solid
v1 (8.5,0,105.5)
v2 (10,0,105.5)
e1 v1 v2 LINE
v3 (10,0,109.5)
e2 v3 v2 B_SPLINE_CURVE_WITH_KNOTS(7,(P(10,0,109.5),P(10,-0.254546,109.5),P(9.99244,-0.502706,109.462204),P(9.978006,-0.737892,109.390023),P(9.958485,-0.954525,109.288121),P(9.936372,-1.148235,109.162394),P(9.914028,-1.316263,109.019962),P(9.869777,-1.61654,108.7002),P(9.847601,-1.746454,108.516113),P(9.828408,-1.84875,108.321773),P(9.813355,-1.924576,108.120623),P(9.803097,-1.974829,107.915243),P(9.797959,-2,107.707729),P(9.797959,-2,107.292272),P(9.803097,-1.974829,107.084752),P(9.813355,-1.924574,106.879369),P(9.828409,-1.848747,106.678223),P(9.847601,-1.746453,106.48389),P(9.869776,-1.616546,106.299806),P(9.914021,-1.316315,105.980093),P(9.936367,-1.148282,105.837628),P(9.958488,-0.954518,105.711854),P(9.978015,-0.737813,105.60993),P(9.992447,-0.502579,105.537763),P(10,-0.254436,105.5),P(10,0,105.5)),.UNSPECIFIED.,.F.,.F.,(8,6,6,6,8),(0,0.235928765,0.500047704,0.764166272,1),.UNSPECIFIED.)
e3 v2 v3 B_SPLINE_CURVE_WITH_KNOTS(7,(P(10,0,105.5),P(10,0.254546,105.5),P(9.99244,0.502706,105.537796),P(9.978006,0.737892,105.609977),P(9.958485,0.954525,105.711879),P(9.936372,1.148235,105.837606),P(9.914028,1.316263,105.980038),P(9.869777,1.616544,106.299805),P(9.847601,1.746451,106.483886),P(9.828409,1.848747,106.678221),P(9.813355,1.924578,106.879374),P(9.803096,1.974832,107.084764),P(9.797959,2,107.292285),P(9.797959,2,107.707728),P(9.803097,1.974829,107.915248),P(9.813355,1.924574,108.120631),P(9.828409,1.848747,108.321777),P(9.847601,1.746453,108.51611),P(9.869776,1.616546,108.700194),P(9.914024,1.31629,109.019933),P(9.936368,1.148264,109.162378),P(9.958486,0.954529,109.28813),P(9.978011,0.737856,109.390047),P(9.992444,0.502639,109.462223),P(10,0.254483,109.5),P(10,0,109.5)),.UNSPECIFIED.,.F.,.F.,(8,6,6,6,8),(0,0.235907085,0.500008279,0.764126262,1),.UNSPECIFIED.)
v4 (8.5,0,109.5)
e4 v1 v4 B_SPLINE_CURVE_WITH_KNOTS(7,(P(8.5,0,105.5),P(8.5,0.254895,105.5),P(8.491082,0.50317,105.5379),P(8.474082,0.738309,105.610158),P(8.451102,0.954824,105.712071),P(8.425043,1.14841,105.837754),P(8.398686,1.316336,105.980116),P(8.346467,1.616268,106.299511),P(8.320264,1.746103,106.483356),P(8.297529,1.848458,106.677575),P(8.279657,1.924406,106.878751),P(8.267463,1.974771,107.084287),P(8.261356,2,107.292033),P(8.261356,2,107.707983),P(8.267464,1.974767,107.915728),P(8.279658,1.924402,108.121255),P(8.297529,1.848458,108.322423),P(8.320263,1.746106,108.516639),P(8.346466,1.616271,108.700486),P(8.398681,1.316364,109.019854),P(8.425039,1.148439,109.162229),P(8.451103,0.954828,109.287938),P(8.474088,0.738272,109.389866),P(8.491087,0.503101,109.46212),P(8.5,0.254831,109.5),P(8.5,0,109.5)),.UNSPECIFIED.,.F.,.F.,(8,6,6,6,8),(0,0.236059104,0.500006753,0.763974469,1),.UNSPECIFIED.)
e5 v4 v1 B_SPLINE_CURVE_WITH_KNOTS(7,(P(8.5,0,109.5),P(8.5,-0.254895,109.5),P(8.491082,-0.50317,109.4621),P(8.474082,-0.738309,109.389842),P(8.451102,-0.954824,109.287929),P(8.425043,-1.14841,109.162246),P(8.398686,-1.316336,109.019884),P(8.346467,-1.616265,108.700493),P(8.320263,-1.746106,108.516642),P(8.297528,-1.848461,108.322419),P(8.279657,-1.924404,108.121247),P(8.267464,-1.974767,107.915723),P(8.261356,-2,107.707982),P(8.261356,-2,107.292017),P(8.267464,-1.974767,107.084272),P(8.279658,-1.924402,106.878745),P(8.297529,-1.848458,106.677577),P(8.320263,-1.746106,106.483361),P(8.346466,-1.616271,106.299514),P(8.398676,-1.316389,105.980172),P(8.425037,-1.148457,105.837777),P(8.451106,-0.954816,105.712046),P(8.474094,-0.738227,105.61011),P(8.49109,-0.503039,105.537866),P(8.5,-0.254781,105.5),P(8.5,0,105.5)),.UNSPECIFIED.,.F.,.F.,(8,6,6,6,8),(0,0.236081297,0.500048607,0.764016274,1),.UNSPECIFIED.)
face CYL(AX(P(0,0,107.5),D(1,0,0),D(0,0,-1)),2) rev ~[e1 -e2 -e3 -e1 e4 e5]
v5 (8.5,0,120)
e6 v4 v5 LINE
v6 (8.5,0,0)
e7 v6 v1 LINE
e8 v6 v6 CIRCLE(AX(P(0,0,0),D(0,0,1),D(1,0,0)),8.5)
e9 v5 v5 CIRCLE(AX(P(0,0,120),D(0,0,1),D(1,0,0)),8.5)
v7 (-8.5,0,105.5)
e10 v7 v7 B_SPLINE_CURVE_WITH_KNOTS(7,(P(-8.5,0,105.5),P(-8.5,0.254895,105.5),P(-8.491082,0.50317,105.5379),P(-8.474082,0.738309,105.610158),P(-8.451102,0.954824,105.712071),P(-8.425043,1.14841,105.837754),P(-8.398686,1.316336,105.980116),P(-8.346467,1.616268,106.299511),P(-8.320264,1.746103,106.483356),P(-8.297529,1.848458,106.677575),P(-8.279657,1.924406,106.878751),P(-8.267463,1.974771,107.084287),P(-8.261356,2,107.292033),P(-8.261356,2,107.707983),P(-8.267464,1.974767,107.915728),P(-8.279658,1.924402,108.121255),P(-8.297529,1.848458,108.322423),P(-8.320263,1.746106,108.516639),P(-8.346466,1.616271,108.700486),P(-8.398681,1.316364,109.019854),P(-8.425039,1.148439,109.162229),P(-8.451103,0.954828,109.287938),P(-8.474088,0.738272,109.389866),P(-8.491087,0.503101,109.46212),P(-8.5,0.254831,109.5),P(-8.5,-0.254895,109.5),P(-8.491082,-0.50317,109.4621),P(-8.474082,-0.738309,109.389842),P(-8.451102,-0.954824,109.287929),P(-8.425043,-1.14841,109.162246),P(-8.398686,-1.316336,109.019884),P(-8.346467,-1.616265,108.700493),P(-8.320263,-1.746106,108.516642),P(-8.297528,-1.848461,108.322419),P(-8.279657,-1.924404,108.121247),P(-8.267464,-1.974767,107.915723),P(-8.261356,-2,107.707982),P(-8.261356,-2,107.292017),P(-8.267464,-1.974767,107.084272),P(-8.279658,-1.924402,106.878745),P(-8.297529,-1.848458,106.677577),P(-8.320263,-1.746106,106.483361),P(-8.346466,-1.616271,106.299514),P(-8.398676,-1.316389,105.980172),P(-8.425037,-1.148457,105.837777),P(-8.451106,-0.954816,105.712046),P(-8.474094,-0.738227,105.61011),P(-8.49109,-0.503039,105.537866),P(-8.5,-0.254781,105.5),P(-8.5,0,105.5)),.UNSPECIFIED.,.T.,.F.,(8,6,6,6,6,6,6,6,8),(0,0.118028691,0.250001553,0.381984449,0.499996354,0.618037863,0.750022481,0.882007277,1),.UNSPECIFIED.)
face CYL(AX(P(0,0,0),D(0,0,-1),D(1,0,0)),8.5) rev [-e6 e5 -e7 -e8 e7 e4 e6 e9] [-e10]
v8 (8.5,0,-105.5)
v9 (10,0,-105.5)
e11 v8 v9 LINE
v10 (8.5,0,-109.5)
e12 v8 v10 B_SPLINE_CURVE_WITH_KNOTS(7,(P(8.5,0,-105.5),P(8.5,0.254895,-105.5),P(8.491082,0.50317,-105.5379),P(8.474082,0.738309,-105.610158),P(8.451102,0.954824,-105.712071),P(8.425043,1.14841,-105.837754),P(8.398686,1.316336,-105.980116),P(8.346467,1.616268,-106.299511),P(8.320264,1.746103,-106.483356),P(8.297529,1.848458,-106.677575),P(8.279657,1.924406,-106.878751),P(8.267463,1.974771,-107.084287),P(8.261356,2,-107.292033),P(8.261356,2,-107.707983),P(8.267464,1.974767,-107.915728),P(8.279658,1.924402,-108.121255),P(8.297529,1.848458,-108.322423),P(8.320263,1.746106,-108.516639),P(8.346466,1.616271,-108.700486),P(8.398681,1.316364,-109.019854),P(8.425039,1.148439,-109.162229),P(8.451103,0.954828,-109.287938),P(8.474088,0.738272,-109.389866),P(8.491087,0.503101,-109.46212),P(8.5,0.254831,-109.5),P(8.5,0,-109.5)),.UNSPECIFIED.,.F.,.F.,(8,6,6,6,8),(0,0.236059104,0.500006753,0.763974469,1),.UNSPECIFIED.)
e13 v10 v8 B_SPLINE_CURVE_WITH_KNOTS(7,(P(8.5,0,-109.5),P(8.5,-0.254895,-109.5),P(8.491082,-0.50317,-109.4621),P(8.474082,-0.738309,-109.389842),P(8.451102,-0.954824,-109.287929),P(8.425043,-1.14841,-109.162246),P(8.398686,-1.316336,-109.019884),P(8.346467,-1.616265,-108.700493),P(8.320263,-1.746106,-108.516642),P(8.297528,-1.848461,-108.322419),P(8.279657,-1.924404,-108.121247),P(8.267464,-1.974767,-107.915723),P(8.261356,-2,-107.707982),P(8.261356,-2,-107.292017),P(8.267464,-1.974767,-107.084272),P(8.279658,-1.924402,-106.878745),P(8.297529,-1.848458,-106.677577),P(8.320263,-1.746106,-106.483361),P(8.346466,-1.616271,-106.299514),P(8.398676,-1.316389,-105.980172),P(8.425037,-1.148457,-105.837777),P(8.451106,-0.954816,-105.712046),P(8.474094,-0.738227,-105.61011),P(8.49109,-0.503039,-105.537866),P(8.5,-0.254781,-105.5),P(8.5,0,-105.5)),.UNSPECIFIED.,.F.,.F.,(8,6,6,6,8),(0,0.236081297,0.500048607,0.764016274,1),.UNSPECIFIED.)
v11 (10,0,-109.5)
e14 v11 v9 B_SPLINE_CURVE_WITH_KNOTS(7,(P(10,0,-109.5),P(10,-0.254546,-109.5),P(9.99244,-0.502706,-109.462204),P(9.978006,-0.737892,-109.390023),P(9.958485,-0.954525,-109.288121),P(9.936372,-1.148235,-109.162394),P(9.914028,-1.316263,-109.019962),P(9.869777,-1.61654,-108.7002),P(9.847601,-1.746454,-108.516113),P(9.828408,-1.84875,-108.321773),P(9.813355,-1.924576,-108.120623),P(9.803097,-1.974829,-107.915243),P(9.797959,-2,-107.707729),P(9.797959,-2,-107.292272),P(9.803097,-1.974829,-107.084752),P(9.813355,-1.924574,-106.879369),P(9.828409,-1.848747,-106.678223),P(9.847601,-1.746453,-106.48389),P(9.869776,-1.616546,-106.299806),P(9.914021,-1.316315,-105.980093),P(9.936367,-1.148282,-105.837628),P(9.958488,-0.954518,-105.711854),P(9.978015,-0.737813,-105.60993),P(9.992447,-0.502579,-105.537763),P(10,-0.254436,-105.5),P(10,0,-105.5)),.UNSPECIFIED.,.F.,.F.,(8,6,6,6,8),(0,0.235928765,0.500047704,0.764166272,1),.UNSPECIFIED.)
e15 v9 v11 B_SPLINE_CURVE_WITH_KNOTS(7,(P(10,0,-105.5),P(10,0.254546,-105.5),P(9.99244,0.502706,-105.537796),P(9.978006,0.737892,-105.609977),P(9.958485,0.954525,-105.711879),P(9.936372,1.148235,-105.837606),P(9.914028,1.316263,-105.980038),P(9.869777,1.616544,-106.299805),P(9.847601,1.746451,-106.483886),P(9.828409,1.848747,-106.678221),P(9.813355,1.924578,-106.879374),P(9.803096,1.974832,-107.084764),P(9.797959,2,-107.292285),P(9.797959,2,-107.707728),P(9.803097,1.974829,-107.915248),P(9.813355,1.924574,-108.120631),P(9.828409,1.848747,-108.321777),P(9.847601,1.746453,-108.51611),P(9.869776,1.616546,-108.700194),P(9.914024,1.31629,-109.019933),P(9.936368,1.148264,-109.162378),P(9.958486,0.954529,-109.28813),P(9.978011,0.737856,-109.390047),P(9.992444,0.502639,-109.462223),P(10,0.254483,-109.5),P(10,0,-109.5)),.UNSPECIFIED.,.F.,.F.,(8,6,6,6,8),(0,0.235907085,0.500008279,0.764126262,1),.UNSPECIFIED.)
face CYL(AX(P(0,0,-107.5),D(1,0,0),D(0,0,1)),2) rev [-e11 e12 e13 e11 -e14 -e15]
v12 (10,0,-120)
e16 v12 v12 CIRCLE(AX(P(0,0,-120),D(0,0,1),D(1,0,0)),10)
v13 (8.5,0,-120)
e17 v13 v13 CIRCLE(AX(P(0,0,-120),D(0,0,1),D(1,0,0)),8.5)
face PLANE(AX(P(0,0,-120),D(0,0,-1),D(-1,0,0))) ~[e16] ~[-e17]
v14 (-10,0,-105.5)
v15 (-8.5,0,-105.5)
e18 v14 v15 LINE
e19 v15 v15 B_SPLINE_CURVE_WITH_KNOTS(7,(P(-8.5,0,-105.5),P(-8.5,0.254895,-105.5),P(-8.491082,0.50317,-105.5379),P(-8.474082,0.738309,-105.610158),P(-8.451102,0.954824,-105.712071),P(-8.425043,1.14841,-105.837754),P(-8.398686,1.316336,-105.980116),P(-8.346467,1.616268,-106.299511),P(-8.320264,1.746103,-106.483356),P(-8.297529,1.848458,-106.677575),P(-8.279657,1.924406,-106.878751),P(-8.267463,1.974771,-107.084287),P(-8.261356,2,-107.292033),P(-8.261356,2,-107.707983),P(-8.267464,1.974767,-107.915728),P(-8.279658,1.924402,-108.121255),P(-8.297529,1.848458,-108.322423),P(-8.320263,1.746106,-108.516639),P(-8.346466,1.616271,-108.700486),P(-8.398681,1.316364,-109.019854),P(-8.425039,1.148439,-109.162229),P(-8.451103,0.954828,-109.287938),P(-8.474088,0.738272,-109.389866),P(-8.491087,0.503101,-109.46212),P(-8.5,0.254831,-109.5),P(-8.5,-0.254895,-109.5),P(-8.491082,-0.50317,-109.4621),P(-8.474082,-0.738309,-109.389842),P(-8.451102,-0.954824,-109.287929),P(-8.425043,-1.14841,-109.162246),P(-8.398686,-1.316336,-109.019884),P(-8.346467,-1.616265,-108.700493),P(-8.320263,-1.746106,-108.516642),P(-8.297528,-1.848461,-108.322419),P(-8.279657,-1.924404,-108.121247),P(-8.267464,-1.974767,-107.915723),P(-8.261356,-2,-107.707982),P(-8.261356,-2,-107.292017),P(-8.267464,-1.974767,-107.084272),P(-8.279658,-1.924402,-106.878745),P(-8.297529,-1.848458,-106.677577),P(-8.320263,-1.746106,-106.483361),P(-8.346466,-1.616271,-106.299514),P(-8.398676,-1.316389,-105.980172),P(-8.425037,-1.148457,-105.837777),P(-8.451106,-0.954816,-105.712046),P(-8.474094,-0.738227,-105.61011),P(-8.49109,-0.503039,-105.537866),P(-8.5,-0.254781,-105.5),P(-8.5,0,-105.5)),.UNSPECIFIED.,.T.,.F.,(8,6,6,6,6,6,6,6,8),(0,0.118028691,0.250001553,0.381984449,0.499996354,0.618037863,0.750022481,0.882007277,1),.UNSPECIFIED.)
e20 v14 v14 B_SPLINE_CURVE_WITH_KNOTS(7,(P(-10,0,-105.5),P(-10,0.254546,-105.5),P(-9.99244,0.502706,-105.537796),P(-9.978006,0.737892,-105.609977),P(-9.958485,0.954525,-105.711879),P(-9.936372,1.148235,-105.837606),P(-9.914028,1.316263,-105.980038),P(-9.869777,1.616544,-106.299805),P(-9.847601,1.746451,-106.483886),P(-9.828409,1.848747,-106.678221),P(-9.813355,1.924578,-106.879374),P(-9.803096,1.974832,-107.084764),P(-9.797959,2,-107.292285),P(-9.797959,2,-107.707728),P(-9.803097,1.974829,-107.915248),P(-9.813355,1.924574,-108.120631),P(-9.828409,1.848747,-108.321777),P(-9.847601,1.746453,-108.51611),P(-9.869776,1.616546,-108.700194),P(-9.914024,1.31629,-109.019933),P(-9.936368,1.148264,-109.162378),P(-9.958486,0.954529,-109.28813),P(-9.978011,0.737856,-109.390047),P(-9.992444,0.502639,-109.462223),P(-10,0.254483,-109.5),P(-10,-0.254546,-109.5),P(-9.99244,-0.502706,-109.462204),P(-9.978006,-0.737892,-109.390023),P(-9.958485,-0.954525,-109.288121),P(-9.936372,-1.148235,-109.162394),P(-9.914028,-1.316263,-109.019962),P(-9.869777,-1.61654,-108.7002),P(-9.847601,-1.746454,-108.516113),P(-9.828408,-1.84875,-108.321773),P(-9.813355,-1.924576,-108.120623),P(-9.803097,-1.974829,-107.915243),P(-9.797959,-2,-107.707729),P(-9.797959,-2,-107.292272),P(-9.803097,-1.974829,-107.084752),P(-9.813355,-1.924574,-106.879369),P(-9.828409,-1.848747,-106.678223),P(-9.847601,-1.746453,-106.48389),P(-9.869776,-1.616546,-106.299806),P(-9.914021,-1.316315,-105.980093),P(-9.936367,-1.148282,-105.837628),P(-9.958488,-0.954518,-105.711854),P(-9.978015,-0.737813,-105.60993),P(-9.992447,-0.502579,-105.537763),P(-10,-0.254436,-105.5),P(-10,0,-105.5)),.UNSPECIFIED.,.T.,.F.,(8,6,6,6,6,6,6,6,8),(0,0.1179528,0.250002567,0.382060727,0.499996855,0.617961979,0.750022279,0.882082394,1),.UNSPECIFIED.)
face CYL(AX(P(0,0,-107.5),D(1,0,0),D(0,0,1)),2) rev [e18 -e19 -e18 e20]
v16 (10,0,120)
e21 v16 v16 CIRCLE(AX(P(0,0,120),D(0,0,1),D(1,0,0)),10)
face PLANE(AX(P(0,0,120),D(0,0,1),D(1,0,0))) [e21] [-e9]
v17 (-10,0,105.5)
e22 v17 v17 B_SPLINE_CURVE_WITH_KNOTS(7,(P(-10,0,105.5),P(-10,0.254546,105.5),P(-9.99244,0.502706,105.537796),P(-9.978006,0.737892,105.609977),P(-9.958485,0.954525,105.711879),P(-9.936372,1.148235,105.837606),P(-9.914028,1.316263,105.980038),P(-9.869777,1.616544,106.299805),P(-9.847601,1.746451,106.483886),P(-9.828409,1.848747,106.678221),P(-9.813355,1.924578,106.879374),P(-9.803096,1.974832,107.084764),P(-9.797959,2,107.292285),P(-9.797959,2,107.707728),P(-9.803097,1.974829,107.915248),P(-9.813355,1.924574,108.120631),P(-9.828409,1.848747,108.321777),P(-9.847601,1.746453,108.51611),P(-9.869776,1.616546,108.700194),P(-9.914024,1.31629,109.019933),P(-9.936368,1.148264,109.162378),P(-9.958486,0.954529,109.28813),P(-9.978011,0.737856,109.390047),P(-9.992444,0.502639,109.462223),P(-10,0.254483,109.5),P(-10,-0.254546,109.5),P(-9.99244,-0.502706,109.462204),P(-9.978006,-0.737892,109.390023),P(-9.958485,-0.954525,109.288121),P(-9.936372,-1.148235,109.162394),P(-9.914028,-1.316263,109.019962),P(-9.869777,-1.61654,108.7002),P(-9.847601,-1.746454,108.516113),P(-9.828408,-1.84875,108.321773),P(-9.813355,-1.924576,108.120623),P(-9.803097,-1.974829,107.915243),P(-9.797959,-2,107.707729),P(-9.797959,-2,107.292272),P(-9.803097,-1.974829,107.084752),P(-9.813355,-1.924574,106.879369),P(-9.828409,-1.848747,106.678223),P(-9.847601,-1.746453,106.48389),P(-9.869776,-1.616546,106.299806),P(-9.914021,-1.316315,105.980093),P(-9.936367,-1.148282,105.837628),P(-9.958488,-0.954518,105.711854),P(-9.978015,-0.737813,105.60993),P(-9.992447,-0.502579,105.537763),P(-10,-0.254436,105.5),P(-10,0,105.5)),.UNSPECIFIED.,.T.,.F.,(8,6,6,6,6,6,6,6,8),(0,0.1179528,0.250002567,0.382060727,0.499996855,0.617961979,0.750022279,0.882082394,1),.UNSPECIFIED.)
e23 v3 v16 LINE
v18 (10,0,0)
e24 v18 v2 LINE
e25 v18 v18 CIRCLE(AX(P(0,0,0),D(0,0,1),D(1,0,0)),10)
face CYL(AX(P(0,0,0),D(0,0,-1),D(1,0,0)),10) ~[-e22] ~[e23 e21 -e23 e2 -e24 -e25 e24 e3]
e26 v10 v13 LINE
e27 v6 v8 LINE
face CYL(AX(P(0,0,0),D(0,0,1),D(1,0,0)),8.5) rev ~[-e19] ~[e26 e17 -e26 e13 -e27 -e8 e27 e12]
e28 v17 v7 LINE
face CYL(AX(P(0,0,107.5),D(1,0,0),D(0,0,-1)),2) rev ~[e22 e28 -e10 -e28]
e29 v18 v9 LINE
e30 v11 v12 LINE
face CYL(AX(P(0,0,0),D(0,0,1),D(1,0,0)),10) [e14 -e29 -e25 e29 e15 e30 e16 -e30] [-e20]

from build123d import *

# Parameters (mm, degrees)
SKETCH1_R           = 10
SKETCH1_R_2         = 8.5
BOSS_EXTRUDE1_DEPTH = 120
SKETCH2_R           = 2
CUT_EXTRUDE1_DEPTH  = 121.830459736


with BuildPart() as part:
    # Sketch1 → Boss-Extrude1 (new body)
    with BuildSketch(Plane.XY):
        Circle(SKETCH1_R)
        Circle(SKETCH1_R_2, mode=Mode.SUBTRACT)
    boss_extrude1 = extrude(amount=BOSS_EXTRUDE1_DEPTH)

    # Sketch2 → Cut-Extrude1 (cut, symmetric)
    with BuildSketch(Plane(origin=(0, 0, 0), x_dir=(0, 0, -1), z_dir=(1, 0, 0))):
        with Locations((-107.5, 0)):
            Circle(SKETCH2_R)
    cut_extrude1 = extrude(amount=CUT_EXTRUDE1_DEPTH, both=True, mode=Mode.SUBTRACT)

    # Mirror1: Boss-Extrude1, Cut-Extrude1 across plane
    add(boss_extrude1.mirror(Plane.XY))
    add(cut_extrude1.mirror(Plane.XY), mode=Mode.SUBTRACT)


solid = part.part
